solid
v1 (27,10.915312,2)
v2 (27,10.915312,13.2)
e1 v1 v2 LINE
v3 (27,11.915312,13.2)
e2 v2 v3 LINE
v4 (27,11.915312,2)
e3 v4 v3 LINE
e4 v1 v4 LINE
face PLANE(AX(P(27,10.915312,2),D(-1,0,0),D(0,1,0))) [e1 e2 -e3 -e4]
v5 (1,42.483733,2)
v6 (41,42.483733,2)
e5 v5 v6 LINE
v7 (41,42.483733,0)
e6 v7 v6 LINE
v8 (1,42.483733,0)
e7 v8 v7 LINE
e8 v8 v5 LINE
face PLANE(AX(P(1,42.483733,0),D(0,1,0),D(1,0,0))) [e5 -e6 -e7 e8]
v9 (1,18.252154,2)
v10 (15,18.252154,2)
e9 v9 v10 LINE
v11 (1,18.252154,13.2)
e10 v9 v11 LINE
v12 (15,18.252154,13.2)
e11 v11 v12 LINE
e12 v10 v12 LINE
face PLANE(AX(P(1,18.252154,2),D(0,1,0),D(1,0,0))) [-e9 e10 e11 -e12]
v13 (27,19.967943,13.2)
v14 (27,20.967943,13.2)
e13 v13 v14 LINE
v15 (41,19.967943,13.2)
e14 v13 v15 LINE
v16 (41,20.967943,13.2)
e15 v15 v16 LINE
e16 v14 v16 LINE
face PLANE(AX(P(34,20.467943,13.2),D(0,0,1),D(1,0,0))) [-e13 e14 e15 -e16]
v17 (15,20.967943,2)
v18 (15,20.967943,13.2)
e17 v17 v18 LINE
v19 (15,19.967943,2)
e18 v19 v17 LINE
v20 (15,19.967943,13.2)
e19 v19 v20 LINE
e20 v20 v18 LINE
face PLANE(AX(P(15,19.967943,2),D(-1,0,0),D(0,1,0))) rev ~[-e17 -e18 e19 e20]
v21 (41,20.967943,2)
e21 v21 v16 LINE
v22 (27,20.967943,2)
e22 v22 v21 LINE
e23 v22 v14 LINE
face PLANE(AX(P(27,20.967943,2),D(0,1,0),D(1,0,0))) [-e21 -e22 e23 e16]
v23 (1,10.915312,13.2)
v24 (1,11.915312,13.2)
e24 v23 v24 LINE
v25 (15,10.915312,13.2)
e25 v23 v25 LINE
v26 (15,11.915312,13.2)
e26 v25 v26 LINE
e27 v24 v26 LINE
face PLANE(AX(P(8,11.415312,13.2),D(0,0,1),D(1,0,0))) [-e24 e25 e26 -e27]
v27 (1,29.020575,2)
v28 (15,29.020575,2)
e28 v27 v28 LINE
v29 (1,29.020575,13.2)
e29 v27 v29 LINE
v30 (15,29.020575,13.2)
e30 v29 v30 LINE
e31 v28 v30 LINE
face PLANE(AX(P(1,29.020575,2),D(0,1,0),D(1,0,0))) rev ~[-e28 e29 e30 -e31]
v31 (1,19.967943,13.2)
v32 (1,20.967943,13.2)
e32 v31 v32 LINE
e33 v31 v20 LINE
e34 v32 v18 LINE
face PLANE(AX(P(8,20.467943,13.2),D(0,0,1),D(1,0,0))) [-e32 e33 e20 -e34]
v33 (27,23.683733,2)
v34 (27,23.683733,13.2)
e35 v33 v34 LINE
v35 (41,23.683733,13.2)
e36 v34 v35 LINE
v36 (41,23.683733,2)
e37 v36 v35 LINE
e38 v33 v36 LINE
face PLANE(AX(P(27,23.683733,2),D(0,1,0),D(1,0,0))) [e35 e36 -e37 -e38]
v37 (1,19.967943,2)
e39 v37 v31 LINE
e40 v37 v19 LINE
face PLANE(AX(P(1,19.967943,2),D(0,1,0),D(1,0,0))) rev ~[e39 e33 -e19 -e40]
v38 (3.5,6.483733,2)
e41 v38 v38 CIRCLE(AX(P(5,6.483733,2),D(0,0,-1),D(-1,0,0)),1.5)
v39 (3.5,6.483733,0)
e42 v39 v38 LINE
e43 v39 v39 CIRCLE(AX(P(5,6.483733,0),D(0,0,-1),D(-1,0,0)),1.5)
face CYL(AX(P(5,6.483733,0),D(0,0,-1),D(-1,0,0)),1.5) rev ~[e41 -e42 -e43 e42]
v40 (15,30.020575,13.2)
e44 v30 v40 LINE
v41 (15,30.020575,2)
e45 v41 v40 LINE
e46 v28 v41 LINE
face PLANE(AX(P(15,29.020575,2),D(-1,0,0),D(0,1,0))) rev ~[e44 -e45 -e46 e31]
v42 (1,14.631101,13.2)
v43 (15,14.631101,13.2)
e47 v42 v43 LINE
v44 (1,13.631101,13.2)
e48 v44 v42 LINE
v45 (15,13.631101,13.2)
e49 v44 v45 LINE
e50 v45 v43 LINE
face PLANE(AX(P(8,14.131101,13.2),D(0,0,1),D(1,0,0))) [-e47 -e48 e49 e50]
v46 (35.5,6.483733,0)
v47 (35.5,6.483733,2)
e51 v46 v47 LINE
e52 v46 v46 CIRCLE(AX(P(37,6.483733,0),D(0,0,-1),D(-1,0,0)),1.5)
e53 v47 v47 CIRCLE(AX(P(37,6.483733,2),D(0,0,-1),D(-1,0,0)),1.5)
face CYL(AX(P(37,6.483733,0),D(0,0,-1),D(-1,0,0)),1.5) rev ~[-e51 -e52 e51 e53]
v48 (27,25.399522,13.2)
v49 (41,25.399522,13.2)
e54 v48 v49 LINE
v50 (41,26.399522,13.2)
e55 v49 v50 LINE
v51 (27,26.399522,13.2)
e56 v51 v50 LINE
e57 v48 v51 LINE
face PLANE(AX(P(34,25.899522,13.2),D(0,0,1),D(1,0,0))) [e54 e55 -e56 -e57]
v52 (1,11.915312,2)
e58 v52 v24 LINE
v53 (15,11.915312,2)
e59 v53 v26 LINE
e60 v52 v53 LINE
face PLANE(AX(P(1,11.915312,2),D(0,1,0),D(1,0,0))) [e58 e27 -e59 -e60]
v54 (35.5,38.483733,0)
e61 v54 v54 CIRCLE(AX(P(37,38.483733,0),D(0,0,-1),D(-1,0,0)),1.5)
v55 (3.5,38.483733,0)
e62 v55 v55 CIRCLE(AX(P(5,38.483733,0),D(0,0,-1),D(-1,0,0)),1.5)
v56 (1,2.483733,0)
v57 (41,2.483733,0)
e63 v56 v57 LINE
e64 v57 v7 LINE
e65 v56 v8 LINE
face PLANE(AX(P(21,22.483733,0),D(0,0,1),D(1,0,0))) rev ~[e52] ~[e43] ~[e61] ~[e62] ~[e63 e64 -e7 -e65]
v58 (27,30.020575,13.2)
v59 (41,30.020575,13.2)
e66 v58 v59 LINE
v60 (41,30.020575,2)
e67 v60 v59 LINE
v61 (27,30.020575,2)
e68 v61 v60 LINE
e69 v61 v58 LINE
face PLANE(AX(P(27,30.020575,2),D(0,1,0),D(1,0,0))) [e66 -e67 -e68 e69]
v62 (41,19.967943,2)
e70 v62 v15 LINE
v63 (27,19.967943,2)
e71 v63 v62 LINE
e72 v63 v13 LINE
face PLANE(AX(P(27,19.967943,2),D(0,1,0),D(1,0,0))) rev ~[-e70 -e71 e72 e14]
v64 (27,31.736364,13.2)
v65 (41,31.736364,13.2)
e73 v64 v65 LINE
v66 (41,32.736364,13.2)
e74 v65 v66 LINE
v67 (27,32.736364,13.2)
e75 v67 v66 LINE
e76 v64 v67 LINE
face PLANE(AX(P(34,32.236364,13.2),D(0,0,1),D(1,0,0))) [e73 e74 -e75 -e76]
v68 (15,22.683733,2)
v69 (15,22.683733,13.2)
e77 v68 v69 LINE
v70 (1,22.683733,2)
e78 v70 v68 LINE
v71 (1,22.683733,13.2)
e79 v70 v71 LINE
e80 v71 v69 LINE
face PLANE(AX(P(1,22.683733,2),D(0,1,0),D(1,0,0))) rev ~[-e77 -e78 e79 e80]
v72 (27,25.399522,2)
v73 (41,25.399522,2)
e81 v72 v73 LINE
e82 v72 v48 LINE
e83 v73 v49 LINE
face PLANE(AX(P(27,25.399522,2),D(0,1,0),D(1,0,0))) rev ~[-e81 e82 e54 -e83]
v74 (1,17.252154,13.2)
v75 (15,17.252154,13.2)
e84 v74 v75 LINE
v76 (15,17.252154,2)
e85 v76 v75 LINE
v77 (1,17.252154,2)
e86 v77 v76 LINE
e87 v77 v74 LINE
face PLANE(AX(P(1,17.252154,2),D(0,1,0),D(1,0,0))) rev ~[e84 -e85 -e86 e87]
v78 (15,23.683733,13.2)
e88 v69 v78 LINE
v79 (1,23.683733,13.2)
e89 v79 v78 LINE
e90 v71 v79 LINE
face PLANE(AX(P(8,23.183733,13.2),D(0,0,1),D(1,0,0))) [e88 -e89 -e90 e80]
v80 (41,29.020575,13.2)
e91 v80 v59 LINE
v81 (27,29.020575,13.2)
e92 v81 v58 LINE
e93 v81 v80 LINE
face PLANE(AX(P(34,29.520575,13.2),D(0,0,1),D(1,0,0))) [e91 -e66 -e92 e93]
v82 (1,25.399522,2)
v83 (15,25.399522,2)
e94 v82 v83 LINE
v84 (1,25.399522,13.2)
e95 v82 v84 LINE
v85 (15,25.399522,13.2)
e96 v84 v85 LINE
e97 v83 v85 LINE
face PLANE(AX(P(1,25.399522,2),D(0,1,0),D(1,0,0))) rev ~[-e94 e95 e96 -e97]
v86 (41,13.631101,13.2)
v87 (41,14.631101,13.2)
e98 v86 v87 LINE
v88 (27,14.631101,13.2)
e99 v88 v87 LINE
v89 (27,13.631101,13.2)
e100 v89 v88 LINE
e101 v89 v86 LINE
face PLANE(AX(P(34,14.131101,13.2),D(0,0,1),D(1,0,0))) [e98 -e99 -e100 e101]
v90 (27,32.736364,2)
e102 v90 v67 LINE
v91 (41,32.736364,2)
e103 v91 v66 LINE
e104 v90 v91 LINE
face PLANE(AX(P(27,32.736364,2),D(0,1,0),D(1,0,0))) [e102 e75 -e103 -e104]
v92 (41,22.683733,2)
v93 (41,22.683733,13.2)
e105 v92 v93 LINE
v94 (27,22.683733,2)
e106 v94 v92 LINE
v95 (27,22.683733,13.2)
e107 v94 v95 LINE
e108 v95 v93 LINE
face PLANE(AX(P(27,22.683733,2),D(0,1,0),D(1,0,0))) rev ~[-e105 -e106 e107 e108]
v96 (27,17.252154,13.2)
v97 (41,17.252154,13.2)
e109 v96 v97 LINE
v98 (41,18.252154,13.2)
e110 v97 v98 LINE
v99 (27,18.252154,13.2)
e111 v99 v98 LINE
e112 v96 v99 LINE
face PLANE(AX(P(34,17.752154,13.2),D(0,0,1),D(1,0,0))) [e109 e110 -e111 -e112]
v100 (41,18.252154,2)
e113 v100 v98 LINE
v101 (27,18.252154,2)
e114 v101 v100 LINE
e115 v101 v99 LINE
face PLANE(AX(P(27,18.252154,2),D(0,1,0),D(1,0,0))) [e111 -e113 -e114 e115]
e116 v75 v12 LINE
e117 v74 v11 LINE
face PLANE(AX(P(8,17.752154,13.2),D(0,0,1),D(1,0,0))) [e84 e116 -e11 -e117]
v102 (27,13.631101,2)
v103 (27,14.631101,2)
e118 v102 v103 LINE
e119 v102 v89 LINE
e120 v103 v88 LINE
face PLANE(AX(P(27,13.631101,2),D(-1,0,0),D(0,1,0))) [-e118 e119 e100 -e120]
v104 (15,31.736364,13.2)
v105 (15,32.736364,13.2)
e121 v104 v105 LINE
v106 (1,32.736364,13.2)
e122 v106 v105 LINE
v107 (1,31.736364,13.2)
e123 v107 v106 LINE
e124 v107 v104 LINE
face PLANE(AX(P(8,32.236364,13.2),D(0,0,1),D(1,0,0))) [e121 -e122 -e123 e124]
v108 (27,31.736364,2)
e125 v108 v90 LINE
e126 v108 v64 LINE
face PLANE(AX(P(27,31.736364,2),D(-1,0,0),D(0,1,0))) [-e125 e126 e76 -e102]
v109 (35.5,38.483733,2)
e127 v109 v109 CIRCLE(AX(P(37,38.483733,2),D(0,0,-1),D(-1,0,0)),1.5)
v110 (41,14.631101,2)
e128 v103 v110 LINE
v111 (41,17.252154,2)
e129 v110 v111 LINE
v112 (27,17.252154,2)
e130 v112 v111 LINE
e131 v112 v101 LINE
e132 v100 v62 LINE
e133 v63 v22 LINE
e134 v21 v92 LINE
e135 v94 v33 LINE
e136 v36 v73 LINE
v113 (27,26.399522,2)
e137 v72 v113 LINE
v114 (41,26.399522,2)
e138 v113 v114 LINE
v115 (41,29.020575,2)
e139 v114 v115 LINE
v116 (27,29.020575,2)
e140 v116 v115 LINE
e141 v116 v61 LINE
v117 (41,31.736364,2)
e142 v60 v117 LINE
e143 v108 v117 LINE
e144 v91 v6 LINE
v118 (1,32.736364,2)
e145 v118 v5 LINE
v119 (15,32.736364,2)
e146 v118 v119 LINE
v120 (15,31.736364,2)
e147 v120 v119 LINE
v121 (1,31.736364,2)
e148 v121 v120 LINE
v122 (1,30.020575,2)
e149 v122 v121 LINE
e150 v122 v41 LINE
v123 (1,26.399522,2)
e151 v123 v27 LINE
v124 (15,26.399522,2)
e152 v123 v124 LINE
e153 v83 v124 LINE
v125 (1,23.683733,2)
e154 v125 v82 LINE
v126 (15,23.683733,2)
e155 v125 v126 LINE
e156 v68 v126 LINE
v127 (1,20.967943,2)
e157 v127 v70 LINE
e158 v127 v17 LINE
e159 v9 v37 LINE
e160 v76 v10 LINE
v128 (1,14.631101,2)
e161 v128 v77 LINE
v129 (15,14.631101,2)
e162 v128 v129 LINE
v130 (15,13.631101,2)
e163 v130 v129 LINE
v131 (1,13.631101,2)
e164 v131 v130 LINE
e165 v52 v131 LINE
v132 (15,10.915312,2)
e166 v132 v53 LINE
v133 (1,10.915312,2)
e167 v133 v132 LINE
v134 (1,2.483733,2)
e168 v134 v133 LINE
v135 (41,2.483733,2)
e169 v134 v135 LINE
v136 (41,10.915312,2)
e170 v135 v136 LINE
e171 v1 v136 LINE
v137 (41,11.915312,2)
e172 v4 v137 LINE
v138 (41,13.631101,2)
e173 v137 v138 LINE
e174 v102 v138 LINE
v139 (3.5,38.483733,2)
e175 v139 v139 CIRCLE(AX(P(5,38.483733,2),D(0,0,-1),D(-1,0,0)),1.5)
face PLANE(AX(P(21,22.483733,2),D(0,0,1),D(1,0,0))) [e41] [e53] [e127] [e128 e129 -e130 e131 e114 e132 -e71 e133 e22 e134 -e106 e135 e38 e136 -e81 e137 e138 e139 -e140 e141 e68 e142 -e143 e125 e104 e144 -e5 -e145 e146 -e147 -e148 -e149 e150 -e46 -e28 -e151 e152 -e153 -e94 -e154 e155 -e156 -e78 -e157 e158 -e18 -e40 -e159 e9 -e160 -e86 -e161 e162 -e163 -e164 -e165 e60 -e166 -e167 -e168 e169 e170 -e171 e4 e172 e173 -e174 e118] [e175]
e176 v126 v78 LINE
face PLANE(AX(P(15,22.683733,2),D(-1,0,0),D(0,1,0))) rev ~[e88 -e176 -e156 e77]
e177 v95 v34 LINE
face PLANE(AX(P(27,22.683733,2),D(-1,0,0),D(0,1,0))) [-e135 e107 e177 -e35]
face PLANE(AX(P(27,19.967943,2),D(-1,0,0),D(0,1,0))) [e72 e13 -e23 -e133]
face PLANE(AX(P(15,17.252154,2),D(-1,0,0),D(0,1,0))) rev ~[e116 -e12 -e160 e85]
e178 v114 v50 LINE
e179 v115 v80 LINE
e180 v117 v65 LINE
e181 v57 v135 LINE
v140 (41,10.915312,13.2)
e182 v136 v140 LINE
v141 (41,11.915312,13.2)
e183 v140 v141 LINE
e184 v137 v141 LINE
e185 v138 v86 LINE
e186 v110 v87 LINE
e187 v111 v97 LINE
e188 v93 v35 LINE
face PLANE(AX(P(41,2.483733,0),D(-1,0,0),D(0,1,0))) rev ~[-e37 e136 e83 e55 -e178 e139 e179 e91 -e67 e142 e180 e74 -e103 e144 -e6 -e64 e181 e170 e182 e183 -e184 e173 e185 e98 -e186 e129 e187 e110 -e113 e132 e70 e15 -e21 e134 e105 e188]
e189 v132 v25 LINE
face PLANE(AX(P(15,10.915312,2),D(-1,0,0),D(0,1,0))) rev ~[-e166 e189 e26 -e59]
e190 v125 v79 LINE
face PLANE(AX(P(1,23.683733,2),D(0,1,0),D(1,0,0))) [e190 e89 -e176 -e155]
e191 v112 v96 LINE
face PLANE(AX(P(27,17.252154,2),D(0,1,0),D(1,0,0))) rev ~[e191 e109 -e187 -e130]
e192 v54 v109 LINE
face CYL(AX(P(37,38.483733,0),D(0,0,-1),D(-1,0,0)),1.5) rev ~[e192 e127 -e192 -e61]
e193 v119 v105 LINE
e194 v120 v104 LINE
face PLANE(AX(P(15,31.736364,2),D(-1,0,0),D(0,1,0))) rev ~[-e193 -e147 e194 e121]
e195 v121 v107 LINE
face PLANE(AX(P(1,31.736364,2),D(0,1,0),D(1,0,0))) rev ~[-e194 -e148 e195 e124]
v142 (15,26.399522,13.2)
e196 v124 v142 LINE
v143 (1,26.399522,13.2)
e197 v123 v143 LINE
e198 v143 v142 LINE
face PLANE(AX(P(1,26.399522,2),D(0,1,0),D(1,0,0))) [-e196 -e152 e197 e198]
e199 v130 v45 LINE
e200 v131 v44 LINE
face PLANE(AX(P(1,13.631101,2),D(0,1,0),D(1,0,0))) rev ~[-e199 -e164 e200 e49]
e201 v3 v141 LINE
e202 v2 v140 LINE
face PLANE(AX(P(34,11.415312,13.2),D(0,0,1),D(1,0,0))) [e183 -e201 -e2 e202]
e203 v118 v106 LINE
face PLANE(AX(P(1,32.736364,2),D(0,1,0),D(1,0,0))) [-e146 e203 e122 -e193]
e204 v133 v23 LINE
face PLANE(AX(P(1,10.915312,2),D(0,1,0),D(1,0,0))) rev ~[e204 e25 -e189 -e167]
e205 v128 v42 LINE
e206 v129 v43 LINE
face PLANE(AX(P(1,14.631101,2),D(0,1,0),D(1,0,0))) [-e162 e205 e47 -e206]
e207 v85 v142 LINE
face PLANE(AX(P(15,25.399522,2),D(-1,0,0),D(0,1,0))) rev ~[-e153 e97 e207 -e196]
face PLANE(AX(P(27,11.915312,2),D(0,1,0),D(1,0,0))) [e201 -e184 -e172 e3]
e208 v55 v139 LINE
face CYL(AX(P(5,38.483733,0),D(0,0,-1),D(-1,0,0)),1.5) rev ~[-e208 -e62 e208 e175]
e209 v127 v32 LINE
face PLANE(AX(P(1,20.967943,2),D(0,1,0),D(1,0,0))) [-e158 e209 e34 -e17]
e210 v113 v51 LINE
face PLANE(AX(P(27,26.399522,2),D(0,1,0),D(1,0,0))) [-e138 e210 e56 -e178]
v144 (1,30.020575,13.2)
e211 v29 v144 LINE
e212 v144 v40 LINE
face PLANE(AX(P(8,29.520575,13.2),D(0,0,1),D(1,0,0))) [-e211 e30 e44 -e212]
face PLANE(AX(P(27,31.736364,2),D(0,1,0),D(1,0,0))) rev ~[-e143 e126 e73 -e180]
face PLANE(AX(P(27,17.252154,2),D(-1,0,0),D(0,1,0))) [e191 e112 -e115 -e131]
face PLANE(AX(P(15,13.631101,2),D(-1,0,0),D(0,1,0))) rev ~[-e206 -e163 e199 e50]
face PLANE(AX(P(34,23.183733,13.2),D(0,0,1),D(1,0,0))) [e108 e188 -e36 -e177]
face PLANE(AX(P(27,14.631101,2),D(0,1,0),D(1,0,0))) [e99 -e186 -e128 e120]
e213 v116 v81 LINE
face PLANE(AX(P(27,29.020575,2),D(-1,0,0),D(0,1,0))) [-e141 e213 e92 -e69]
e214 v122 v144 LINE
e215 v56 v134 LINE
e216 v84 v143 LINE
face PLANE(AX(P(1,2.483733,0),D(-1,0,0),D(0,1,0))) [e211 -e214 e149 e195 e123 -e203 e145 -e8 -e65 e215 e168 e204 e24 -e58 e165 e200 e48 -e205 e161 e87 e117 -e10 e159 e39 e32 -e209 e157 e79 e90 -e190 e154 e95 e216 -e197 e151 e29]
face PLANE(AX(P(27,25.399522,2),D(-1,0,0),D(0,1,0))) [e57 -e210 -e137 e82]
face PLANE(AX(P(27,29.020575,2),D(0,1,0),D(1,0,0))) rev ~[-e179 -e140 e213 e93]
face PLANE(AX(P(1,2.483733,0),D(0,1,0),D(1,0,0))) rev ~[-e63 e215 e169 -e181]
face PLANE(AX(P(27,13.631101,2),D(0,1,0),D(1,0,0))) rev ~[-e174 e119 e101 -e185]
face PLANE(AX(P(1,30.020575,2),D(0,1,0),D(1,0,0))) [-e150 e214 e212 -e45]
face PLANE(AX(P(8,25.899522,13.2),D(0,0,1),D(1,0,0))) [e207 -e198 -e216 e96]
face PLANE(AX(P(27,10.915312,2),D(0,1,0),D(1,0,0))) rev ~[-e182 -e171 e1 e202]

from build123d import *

# Parameters (mm, degrees)
SKETCH1_W            = 40
SKETCH1_H            = 40
BOSS_EXTRUDE1_DEPTH  = 2
EXTRUDE_THIN1_START  = 2
SKETCH1_3_W          = 14
SKETCH1_3_H          = 1
EXTRUDE_THIN1_DEPTH  = 11.2
SKETCH3_R            = 1.5
CUT_EXTRUDE1_DEPTH   = 13.2
LPATTERN1_COUNT      = 2
LPATTERN1_PITCH      = 32
LPATTERN1_COUNT_DIR2 = 2
LPATTERN1_PITCH_DIR2 = 32


with BuildPart() as part:
    # Sketch1 → Boss-Extrude1 (new body)
    with BuildSketch(Plane.XY):
        with Locations((21, 22.483732861)):
            Rectangle(SKETCH1_W, SKETCH1_H)
    extrude(amount=BOSS_EXTRUDE1_DEPTH)

    # Sketch1<3> → Extrude-Thin1 (add)
    with BuildSketch(Plane.XY.offset(EXTRUDE_THIN1_START)):
        with Locations((34, 11.415311808)):
            Rectangle(SKETCH1_3_W, SKETCH1_3_H)
        with Locations((34, 14.131101282)):
            Rectangle(SKETCH1_3_W, SKETCH1_3_H)
        with Locations((34, 17.752153914)):
            Rectangle(SKETCH1_3_W, SKETCH1_3_H)
        with Locations((34, 20.467943387)):
            Rectangle(SKETCH1_3_W, SKETCH1_3_H)
        with Locations((34, 23.183732861)):
            Rectangle(SKETCH1_3_W, SKETCH1_3_H)
        with Locations((34, 25.899522335)):
            Rectangle(SKETCH1_3_W, SKETCH1_3_H)
        with Locations((34, 29.520574966)):
            Rectangle(SKETCH1_3_W, SKETCH1_3_H)
        with Locations((34, 32.23636444)):
            Rectangle(SKETCH1_3_W, SKETCH1_3_H)
        with Locations((8, 11.415311808)):
            Rectangle(SKETCH1_3_W, SKETCH1_3_H)
        with Locations((8, 14.131101282)):
            Rectangle(SKETCH1_3_W, SKETCH1_3_H)
        with Locations((8, 17.752153914)):
            Rectangle(SKETCH1_3_W, SKETCH1_3_H)
        with Locations((8, 20.467943387)):
            Rectangle(SKETCH1_3_W, SKETCH1_3_H)
        with Locations((8, 23.183732861)):
            Rectangle(SKETCH1_3_W, SKETCH1_3_H)
        with Locations((8, 25.899522335)):
            Rectangle(SKETCH1_3_W, SKETCH1_3_H)
        with Locations((8, 29.520574966)):
            Rectangle(SKETCH1_3_W, SKETCH1_3_H)
        with Locations((8, 32.23636444)):
            Rectangle(SKETCH1_3_W, SKETCH1_3_H)
    extrude(amount=EXTRUDE_THIN1_DEPTH)

    # Sketch3 → Cut-Extrude1 (cut)
    with BuildSketch(Plane(origin=(0, 0, 0), x_dir=(-1, 0, 0), z_dir=(0, 0, -1))):
        with Locations((-37, 6.483732861)):
            Circle(SKETCH3_R)
    cut_extrude1 = extrude(amount=-CUT_EXTRUDE1_DEPTH, mode=Mode.SUBTRACT)

    # LPattern1: Cut-Extrude1 2 × 2
    with Locations(*[(-i * LPATTERN1_PITCH, j * LPATTERN1_PITCH_DIR2, 0) for i in range(LPATTERN1_COUNT) for j in range(LPATTERN1_COUNT_DIR2) if (i, j) != (0, 0)]):
        add(cut_extrude1, mode=Mode.SUBTRACT)


solid = part.part
